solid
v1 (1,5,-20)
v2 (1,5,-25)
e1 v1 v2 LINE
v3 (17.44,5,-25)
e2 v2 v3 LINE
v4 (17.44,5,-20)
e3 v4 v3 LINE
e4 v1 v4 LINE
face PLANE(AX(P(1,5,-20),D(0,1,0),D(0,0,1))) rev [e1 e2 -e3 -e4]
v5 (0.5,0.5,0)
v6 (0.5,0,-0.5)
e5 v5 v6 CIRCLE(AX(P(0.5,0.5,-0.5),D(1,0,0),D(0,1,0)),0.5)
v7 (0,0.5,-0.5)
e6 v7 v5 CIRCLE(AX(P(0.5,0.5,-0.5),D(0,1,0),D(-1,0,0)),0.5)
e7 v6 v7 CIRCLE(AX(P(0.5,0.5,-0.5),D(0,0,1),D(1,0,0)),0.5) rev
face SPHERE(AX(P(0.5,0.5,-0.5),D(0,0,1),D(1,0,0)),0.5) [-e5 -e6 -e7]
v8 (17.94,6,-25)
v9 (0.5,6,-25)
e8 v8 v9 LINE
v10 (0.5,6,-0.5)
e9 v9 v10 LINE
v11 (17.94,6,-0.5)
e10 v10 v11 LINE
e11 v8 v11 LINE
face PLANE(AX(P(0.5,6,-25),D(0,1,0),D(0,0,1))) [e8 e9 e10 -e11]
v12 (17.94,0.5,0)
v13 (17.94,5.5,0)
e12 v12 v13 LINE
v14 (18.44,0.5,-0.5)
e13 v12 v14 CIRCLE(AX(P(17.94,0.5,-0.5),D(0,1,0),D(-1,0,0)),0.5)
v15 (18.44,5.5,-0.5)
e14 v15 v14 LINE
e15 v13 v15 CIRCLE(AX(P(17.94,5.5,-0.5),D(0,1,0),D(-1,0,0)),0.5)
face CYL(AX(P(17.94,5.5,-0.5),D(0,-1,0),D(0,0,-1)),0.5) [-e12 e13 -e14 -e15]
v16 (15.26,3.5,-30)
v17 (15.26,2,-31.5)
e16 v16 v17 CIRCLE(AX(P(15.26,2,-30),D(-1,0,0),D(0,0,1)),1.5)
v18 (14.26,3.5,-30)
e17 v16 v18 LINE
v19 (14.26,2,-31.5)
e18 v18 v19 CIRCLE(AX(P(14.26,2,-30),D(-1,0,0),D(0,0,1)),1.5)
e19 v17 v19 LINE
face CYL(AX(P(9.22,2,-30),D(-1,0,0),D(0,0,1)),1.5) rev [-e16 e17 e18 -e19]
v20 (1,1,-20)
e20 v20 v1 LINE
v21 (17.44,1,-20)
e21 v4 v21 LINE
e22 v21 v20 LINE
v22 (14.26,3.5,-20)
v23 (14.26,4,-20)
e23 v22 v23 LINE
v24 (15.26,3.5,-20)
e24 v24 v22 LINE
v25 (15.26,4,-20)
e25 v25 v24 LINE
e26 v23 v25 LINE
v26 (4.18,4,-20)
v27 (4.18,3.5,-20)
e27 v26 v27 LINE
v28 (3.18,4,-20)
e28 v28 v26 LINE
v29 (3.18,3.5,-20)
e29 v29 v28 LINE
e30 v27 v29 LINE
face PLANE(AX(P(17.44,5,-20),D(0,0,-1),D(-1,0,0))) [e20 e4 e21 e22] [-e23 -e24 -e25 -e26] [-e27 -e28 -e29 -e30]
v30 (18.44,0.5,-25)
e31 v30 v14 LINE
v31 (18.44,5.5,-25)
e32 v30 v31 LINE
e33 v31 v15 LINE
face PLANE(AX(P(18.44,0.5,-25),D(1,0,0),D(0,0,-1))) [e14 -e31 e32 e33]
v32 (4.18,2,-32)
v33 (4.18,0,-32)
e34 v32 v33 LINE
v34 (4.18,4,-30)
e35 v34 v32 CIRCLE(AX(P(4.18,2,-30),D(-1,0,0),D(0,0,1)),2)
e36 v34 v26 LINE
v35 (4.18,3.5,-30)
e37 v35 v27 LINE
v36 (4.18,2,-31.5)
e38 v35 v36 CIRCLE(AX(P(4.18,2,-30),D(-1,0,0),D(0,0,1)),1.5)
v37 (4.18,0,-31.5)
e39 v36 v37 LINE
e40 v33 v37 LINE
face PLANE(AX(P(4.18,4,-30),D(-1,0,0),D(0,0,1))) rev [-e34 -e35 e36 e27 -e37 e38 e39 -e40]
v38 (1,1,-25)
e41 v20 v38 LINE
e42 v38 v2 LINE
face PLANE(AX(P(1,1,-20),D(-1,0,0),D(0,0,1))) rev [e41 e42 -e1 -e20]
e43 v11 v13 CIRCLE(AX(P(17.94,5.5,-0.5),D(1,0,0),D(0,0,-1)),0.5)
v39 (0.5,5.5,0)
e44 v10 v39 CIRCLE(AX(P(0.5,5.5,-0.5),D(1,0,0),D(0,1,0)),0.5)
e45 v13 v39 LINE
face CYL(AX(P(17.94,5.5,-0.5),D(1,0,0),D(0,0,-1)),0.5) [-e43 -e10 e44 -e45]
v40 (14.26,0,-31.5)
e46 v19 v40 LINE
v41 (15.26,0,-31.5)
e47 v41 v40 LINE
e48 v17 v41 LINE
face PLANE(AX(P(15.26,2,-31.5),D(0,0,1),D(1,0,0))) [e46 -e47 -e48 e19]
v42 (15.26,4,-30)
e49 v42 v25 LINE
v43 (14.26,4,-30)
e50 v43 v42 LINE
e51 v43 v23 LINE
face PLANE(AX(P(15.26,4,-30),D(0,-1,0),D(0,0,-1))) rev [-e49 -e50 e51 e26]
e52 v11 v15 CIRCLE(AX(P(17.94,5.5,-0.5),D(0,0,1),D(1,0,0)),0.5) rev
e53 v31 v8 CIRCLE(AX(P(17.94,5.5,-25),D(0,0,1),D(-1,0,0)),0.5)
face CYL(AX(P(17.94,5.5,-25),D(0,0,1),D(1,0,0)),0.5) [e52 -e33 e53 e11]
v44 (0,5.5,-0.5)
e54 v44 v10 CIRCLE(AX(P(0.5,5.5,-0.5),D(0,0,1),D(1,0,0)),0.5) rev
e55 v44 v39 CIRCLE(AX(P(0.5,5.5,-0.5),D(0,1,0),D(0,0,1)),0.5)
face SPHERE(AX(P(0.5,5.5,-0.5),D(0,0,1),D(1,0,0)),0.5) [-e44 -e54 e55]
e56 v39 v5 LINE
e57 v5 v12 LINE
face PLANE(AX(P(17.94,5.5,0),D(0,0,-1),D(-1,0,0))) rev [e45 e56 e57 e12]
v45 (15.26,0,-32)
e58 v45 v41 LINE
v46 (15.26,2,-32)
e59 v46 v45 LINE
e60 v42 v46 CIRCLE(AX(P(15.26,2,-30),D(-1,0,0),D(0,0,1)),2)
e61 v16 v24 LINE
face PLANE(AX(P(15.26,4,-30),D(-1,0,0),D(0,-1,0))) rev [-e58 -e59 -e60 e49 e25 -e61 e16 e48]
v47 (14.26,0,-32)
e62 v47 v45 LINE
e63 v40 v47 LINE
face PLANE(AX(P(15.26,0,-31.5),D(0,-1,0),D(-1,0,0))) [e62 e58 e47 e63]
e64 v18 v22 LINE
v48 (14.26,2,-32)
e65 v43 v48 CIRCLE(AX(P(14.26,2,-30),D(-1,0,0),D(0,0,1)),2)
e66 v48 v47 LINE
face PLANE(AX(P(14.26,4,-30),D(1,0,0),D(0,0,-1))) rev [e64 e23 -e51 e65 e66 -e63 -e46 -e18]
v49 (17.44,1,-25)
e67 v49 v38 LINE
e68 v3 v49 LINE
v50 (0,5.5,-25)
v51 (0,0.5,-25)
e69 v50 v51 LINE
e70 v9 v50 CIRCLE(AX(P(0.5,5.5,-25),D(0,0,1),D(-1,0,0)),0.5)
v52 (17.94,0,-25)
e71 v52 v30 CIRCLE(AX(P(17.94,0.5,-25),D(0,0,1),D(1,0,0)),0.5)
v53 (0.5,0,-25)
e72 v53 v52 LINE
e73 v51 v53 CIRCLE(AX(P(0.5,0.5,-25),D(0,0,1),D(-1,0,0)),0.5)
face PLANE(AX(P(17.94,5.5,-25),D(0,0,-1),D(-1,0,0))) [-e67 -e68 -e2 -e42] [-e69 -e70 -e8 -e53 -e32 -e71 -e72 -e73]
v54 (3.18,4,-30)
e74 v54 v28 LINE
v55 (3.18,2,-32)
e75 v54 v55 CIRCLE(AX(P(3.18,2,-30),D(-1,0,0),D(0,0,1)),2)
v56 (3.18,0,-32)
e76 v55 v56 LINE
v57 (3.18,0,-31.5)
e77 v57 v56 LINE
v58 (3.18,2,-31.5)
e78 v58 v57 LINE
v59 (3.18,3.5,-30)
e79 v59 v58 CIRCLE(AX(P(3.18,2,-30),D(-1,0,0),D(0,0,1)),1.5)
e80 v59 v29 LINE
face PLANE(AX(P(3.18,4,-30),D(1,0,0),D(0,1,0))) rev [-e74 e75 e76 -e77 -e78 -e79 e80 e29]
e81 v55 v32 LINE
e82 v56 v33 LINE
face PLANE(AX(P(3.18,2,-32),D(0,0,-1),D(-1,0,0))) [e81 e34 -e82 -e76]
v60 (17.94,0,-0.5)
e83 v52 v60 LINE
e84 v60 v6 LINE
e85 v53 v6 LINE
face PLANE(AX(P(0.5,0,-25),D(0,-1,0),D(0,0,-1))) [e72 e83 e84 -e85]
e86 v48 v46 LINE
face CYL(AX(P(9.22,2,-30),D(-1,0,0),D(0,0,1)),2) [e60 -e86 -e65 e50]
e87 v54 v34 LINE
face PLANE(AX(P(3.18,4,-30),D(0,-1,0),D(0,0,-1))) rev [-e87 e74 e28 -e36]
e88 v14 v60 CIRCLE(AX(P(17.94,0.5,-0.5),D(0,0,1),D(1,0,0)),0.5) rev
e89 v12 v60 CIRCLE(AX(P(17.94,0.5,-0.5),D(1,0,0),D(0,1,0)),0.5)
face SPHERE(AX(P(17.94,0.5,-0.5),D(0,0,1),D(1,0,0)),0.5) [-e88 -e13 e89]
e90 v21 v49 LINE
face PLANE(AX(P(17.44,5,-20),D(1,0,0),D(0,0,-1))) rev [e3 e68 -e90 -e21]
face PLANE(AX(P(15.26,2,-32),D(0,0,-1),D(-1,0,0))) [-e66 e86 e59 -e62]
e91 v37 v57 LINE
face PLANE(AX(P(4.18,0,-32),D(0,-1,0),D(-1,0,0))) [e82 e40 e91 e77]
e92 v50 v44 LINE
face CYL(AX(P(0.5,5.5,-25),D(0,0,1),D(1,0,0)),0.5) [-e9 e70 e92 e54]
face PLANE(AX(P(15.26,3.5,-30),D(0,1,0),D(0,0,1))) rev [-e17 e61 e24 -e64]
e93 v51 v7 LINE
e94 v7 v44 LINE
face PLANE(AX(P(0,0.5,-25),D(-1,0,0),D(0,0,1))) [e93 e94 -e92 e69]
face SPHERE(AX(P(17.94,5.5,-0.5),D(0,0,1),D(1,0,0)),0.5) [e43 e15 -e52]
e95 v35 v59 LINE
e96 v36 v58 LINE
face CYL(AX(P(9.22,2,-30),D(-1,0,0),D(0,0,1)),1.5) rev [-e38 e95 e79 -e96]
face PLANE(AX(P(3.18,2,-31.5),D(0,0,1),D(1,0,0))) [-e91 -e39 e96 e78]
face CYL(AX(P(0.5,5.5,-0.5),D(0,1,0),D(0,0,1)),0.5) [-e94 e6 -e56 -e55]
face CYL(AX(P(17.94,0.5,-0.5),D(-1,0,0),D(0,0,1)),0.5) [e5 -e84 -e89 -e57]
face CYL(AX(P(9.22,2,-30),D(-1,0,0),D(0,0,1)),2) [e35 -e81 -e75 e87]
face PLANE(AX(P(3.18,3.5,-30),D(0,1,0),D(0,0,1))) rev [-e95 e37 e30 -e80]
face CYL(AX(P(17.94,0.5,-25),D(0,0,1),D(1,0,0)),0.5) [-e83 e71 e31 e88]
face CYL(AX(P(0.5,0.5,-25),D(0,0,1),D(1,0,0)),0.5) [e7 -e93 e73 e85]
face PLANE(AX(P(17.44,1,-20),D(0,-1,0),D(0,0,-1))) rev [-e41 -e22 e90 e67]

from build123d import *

# Parameters (mm, degrees)
EXTRUDE1_DEPTH     = 25
FILLET1_R          = 0.5
SKETCH3_W          = 16.44
SKETCH3_H          = 4
CUT_EXTRUDE1_DEPTH = 5
PROFILE_W          = 1
PROFILE_H          = 0.5


with BuildPart() as part:
    # Sketch2 → Extrude1 (new body)
    with BuildSketch(Plane.XY):
        with BuildLine():
            Line((0.5, 0), (17.94, 0))
            ThreePointArc((17.94, 0), (18.293553391, 0.146446609), (18.44, 0.5))
            Line((18.44, 0.5), (18.44, 5.5))
            ThreePointArc((18.44, 5.5), (18.293553391, 5.853553391), (17.94, 6))
            Line((17.94, 6), (0.5, 6))
            ThreePointArc((0.5, 6), (0.146446609, 5.853553391), (0, 5.5))
            Line((0, 5.5), (0, 0.5))
            ThreePointArc((0, 0.5), (0.146446609, 0.146446609), (0.5, 0))
        make_face()
    extrude(amount=-EXTRUDE1_DEPTH)

    # Fillet1
    fillet1_edges = [part.edges().sort_by_distance(p)[0] for p in [
        (9.22, 6, 0),
        (18.293553391, 5.853553391, 0),
        (18.44, 3, 0),
        (18.293553391, 0.146446609, 0),
        (9.22, 0, 0),
        (0.146446609, 0.146446609, 0),
        (0, 3, 0),
        (0.146446609, 5.853553391, 0),
    ]]
    fillet(fillet1_edges, radius=FILLET1_R)

    # Sketch3 → Cut-Extrude1 (cut)
    with BuildSketch(Plane(origin=(0, 0, -25), x_dir=(-1, 0, 0), z_dir=(0, 0, -1))):
        with Locations((-9.22, 3)):
            Rectangle(SKETCH3_W, SKETCH3_H)
    extrude(amount=-CUT_EXTRUDE1_DEPTH, mode=Mode.SUBTRACT)

    # Sweep1: sweep along a path in Path
    with BuildLine(Plane(origin=(9.22, 0, 0), x_dir=(0, 0, -1), z_dir=(1, 0, 0))) as sweep1_path:
        Line((20, 3.5), (30, 3.5))
        ThreePointArc((30, 3.5), (31.060660172, 3.060660172), (31.5, 2))
        Line((31.5, 2), (31.5, 0))
    # Profile → Sweep1 (sweep)
    with BuildSketch(Plane(origin=(0, 0, -20), x_dir=(-1, 0, 0), z_dir=(0, 0, -1))):
        with Locations((-14.76, 3.75)):
            Rectangle(PROFILE_W, PROFILE_H)
        with Locations((-3.68, 3.75)):
            Rectangle(PROFILE_W, PROFILE_H)
    sweep(path=sweep1_path.line)


solid = part.part
